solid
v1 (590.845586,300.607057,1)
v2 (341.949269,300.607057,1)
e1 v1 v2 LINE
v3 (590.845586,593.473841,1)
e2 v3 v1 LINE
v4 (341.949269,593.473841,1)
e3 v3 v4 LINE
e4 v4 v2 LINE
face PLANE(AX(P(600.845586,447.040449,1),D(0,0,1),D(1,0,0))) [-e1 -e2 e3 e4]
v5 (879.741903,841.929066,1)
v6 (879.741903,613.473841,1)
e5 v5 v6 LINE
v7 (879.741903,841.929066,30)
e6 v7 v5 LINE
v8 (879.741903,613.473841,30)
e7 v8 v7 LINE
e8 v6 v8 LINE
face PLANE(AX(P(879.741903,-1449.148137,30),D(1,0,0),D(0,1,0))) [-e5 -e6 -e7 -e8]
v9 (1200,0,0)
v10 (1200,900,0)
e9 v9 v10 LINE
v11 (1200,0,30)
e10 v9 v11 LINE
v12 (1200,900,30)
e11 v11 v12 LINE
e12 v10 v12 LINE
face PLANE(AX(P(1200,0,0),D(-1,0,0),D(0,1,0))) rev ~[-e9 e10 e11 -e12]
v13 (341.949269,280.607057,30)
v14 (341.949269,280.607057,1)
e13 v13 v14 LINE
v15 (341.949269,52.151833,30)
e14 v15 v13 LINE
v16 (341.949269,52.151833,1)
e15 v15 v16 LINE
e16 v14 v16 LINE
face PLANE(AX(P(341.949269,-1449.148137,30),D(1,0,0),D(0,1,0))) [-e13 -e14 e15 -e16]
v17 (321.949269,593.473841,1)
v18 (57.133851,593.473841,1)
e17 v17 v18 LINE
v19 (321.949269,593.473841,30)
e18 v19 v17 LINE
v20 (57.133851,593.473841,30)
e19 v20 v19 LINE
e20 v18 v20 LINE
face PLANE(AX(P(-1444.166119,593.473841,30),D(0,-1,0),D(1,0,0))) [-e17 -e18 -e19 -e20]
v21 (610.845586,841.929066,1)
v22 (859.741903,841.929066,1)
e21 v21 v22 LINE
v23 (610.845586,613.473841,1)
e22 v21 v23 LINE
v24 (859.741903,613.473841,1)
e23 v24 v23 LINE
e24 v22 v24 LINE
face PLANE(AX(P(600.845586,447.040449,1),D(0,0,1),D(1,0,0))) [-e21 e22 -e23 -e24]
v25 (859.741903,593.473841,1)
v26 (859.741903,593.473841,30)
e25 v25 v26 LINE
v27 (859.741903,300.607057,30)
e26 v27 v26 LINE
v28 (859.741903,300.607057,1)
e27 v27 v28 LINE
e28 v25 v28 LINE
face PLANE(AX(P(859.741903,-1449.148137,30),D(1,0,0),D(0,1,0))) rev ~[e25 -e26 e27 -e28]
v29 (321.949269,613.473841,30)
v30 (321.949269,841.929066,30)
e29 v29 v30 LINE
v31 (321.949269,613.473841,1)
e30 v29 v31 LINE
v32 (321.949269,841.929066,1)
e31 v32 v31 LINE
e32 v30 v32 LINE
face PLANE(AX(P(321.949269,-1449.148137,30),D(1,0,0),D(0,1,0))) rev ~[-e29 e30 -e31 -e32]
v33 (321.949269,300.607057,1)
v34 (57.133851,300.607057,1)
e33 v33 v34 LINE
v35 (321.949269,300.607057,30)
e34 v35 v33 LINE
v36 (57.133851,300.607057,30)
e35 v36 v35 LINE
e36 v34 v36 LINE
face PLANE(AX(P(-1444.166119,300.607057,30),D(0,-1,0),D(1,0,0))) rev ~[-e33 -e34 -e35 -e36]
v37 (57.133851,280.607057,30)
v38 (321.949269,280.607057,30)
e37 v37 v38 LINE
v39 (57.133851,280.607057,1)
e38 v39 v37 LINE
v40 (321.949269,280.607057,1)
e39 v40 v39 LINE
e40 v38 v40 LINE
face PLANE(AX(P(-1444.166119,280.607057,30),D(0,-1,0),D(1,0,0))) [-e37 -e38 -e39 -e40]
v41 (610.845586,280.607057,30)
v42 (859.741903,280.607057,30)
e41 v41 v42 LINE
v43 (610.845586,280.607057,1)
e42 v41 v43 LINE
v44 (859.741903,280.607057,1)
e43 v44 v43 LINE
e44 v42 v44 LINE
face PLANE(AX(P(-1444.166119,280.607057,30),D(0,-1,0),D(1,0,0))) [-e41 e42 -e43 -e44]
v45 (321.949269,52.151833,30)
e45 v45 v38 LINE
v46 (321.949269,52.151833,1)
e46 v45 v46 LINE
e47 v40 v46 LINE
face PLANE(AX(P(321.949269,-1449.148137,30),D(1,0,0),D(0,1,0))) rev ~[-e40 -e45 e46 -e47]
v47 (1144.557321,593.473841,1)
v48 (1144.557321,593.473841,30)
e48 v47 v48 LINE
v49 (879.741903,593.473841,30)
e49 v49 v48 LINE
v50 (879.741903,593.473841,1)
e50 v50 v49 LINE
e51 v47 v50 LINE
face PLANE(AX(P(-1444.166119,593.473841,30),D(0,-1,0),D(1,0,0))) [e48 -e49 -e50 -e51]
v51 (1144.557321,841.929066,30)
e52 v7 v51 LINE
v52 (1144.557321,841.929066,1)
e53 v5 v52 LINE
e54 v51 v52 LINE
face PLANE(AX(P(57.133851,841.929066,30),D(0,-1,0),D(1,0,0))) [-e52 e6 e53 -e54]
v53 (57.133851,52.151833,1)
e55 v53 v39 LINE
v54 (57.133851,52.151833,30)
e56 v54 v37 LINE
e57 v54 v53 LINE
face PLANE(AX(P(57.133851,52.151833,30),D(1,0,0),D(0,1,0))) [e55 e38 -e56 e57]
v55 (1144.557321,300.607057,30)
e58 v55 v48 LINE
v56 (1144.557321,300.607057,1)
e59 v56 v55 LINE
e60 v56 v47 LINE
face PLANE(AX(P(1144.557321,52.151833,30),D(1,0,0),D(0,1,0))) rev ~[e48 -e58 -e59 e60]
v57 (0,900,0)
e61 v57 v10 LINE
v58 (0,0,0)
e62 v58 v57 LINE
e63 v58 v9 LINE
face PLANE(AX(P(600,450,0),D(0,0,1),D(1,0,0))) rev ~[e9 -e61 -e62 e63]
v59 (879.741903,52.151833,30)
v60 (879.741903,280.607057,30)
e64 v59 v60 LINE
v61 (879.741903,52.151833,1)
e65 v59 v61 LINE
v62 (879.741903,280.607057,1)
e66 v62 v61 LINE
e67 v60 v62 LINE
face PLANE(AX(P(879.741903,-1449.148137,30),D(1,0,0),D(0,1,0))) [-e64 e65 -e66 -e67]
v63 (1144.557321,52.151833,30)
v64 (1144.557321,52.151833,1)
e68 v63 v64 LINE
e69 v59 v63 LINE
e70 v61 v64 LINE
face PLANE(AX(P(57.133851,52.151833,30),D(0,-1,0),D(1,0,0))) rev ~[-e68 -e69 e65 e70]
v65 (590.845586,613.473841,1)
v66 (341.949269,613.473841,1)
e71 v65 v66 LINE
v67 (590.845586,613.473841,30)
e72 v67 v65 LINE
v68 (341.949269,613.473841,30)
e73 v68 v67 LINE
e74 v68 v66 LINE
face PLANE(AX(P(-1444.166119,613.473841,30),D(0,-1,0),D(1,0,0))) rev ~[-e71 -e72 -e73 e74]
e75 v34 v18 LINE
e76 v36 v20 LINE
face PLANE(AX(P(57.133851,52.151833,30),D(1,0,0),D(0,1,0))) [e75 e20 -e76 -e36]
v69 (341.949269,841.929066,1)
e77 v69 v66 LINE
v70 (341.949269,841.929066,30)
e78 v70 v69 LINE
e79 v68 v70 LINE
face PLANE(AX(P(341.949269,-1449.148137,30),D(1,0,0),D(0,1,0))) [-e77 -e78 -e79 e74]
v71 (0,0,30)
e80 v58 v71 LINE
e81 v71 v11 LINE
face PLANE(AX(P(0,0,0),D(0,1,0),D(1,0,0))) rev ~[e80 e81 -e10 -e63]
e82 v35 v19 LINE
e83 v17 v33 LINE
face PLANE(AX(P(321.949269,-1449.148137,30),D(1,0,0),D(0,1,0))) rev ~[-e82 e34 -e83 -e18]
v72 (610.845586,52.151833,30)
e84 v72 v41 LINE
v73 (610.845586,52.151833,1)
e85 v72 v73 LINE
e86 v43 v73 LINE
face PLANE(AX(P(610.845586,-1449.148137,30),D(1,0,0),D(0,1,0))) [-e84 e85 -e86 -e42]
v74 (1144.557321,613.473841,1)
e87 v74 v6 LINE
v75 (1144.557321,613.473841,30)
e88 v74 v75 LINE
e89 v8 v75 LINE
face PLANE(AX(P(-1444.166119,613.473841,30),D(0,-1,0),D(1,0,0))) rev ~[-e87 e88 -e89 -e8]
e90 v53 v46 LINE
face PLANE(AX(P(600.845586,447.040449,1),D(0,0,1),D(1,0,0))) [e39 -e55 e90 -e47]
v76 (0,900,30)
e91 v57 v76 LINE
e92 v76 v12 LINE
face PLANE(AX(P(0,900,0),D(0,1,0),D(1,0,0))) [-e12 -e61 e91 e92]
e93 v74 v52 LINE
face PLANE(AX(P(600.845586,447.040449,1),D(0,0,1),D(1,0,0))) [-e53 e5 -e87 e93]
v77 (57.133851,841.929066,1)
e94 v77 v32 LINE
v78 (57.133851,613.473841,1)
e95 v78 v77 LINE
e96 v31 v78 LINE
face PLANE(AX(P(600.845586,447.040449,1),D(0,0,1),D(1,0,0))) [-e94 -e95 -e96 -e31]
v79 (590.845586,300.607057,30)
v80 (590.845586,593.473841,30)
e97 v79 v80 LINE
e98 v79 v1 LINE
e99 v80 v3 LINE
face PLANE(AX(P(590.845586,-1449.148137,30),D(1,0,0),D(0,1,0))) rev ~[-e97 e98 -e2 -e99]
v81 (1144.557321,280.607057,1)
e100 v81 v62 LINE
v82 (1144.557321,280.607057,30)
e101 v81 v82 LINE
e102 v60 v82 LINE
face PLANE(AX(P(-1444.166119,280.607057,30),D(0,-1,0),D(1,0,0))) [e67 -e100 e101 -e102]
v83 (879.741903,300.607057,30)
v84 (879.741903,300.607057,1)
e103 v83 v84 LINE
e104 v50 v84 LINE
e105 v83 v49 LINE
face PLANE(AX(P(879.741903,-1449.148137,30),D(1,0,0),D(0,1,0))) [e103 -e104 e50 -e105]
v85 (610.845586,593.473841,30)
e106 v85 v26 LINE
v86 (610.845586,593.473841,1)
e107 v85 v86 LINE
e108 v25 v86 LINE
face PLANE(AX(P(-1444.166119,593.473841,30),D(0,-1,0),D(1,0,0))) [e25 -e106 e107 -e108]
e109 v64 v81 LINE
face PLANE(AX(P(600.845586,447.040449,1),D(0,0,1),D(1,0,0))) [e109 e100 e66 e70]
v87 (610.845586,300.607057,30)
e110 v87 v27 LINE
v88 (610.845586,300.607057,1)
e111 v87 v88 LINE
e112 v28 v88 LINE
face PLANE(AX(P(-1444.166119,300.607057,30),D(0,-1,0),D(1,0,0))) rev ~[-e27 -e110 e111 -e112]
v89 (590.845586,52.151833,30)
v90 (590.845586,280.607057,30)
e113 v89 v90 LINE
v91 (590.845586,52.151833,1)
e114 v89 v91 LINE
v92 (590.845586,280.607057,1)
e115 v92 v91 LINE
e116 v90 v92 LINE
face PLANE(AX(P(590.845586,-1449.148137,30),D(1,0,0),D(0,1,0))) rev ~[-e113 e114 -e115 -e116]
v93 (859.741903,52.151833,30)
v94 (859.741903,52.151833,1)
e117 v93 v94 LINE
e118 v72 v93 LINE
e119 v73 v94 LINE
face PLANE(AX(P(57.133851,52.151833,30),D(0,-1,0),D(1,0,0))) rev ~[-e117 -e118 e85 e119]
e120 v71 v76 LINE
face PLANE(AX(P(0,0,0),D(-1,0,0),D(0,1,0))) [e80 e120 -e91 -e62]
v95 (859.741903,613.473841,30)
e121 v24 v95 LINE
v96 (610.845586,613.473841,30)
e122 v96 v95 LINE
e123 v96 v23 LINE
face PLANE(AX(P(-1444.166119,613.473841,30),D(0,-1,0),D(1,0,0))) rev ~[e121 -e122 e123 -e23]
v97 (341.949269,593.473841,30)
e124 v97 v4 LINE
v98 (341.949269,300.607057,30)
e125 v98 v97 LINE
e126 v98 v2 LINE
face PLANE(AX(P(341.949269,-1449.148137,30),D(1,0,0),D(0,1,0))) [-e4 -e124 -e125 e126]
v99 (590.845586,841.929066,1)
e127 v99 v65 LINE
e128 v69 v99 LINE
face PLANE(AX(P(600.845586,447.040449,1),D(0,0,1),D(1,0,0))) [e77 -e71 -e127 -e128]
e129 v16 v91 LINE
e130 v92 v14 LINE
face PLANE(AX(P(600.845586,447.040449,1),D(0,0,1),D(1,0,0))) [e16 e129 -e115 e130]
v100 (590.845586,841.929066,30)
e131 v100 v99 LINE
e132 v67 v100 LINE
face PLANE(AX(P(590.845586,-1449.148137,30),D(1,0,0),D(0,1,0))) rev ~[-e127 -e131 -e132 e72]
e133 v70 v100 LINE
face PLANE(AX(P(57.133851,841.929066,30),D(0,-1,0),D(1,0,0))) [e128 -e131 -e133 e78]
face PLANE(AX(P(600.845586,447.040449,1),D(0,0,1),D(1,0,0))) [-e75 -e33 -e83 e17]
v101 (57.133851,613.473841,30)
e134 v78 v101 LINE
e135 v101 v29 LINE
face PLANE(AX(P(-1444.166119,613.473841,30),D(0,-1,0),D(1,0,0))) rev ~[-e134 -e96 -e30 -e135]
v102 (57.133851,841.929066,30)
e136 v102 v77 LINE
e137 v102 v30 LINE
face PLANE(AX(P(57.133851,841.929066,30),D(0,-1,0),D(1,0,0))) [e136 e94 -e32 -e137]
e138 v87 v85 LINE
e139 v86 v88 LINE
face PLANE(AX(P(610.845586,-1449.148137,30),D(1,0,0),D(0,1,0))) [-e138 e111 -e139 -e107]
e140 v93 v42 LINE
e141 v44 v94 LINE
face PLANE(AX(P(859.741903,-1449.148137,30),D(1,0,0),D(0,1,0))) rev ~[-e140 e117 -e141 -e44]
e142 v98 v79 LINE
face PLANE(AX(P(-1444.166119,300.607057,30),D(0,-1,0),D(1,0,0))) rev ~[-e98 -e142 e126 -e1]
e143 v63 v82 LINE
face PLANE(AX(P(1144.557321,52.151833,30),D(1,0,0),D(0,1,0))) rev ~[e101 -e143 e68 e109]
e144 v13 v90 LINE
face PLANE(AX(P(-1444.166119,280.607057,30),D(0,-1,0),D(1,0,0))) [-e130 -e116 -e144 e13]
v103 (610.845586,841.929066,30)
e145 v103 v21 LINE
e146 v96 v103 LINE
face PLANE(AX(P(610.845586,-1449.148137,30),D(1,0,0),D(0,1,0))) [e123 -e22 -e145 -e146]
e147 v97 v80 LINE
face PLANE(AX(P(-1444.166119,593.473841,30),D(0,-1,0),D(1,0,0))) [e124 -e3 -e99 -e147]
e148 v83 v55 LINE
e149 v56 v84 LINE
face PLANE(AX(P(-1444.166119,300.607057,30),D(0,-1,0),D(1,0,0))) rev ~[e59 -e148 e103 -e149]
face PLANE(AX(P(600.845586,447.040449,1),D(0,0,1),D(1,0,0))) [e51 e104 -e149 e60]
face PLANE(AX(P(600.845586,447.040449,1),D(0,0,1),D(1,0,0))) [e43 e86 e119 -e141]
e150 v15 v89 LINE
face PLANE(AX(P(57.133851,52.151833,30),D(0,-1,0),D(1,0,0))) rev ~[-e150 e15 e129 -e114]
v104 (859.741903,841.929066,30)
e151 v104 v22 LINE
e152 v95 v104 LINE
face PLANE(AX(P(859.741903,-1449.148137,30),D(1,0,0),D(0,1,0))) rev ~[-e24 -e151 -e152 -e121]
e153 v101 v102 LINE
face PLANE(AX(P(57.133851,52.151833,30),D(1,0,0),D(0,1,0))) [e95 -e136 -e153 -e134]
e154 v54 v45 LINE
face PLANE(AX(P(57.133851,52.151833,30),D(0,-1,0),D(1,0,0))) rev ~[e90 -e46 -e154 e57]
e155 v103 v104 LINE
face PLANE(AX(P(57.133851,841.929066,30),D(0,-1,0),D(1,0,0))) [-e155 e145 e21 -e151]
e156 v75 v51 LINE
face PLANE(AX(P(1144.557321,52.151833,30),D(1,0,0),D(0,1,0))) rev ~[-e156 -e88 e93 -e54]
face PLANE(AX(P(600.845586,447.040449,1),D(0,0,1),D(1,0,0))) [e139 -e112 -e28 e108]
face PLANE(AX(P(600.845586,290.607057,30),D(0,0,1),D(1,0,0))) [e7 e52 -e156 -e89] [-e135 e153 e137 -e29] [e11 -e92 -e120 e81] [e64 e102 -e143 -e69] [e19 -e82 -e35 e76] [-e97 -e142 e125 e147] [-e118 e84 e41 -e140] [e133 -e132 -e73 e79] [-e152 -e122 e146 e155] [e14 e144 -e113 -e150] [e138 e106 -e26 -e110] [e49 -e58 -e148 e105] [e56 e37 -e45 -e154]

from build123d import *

# Parameters (mm, degrees)
SKETCH2_W           = 1200
SKETCH2_H           = 900
BOSS_EXTRUDE2_DEPTH = 30
SKETCH3_W           = 1087.423470631
SKETCH3_H           = 789.777232946
CUT_EXTRUDE2_DEPTH  = 29
RIB6_REACH          = 1502.3
SKETCH6_WALLS_W     = 20
SKETCH6_WALLS_H     = 3792.377172958
SKETCH6_WALLS_W_2   = 4090.023410643
SKETCH6_WALLS_H_2   = 20


with BuildPart() as part:
    # Sketch2 → Boss-Extrude2 (new body)
    with BuildSketch(Plane.XY):
        with Locations((600, 450)):
            Rectangle(SKETCH2_W, SKETCH2_H)
    extrude(amount=BOSS_EXTRUDE2_DEPTH)

    # Sketch3 → Cut-Extrude2 (cut)
    with BuildSketch(Plane.XY.offset(30)):
        with Locations((600.845585903, 447.040449341)):
            Rectangle(SKETCH3_W, SKETCH3_H)
    extrude(amount=-CUT_EXTRUDE2_DEPTH, mode=Mode.SUBTRACT)

    # Sketch6 walls → Rib6 (add, up to next)
    with BuildSketch(Plane.XY.offset(30), mode=Mode.PRIVATE) as rib6_sk1:
        with Locations((600.845585903, 447.040449341)):
            Rectangle(SKETCH6_WALLS_W, SKETCH6_WALLS_H)
    rib6_tool1 = extrude(rib6_sk1.sketch, amount=-RIB6_REACH, mode=Mode.PRIVATE) - part.part
    # Sketch6 walls → Rib6 (add, up to next)
    with BuildSketch(Plane.XY.offset(30), mode=Mode.PRIVATE) as rib6_sk2:
        with Locations((331.949268904, 447.040449341)):
            Rectangle(SKETCH6_WALLS_W, SKETCH6_WALLS_H)
    rib6_tool2 = extrude(rib6_sk2.sketch, amount=-RIB6_REACH, mode=Mode.PRIVATE) - part.part
    # Sketch6 walls → Rib6 (add, up to next)
    with BuildSketch(Plane.XY.offset(30), mode=Mode.PRIVATE) as rib6_sk3:
        with Locations((600.845585903, 603.473841306)):
            Rectangle(SKETCH6_WALLS_W_2, SKETCH6_WALLS_H_2)
    rib6_tool3 = extrude(rib6_sk3.sketch, amount=-RIB6_REACH, mode=Mode.PRIVATE) - part.part
    # Sketch6 walls → Rib6 (add, up to next)
    with BuildSketch(Plane.XY.offset(30), mode=Mode.PRIVATE) as rib6_sk4:
        with Locations((869.741902901, 447.040449341)):
            Rectangle(SKETCH6_WALLS_W, SKETCH6_WALLS_H)
    rib6_tool4 = extrude(rib6_sk4.sketch, amount=-RIB6_REACH, mode=Mode.PRIVATE) - part.part
    # Sketch6 walls → Rib6 (add, up to next)
    with BuildSketch(Plane.XY.offset(30), mode=Mode.PRIVATE) as rib6_sk5:
        with Locations((600.845585903, 290.607057376)):
            Rectangle(SKETCH6_WALLS_W_2, SKETCH6_WALLS_H_2)
    rib6_tool5 = extrude(rib6_sk5.sketch, amount=-RIB6_REACH, mode=Mode.PRIVATE) - part.part
    add(rib6_tool1.solids().sort_by_distance((600.845585903, 447.040449341, 30))[0])
    add(rib6_tool2.solids().sort_by_distance((331.949268904, 447.040449341, 30))[0])
    add(rib6_tool3.solids().sort_by_distance((600.845585903, 603.473841306, 30))[0])
    add(rib6_tool4.solids().sort_by_distance((869.741902901, 447.040449341, 30))[0])
    add(rib6_tool5.solids().sort_by_distance((600.845585903, 290.607057376, 30))[0])


solid = part.part
